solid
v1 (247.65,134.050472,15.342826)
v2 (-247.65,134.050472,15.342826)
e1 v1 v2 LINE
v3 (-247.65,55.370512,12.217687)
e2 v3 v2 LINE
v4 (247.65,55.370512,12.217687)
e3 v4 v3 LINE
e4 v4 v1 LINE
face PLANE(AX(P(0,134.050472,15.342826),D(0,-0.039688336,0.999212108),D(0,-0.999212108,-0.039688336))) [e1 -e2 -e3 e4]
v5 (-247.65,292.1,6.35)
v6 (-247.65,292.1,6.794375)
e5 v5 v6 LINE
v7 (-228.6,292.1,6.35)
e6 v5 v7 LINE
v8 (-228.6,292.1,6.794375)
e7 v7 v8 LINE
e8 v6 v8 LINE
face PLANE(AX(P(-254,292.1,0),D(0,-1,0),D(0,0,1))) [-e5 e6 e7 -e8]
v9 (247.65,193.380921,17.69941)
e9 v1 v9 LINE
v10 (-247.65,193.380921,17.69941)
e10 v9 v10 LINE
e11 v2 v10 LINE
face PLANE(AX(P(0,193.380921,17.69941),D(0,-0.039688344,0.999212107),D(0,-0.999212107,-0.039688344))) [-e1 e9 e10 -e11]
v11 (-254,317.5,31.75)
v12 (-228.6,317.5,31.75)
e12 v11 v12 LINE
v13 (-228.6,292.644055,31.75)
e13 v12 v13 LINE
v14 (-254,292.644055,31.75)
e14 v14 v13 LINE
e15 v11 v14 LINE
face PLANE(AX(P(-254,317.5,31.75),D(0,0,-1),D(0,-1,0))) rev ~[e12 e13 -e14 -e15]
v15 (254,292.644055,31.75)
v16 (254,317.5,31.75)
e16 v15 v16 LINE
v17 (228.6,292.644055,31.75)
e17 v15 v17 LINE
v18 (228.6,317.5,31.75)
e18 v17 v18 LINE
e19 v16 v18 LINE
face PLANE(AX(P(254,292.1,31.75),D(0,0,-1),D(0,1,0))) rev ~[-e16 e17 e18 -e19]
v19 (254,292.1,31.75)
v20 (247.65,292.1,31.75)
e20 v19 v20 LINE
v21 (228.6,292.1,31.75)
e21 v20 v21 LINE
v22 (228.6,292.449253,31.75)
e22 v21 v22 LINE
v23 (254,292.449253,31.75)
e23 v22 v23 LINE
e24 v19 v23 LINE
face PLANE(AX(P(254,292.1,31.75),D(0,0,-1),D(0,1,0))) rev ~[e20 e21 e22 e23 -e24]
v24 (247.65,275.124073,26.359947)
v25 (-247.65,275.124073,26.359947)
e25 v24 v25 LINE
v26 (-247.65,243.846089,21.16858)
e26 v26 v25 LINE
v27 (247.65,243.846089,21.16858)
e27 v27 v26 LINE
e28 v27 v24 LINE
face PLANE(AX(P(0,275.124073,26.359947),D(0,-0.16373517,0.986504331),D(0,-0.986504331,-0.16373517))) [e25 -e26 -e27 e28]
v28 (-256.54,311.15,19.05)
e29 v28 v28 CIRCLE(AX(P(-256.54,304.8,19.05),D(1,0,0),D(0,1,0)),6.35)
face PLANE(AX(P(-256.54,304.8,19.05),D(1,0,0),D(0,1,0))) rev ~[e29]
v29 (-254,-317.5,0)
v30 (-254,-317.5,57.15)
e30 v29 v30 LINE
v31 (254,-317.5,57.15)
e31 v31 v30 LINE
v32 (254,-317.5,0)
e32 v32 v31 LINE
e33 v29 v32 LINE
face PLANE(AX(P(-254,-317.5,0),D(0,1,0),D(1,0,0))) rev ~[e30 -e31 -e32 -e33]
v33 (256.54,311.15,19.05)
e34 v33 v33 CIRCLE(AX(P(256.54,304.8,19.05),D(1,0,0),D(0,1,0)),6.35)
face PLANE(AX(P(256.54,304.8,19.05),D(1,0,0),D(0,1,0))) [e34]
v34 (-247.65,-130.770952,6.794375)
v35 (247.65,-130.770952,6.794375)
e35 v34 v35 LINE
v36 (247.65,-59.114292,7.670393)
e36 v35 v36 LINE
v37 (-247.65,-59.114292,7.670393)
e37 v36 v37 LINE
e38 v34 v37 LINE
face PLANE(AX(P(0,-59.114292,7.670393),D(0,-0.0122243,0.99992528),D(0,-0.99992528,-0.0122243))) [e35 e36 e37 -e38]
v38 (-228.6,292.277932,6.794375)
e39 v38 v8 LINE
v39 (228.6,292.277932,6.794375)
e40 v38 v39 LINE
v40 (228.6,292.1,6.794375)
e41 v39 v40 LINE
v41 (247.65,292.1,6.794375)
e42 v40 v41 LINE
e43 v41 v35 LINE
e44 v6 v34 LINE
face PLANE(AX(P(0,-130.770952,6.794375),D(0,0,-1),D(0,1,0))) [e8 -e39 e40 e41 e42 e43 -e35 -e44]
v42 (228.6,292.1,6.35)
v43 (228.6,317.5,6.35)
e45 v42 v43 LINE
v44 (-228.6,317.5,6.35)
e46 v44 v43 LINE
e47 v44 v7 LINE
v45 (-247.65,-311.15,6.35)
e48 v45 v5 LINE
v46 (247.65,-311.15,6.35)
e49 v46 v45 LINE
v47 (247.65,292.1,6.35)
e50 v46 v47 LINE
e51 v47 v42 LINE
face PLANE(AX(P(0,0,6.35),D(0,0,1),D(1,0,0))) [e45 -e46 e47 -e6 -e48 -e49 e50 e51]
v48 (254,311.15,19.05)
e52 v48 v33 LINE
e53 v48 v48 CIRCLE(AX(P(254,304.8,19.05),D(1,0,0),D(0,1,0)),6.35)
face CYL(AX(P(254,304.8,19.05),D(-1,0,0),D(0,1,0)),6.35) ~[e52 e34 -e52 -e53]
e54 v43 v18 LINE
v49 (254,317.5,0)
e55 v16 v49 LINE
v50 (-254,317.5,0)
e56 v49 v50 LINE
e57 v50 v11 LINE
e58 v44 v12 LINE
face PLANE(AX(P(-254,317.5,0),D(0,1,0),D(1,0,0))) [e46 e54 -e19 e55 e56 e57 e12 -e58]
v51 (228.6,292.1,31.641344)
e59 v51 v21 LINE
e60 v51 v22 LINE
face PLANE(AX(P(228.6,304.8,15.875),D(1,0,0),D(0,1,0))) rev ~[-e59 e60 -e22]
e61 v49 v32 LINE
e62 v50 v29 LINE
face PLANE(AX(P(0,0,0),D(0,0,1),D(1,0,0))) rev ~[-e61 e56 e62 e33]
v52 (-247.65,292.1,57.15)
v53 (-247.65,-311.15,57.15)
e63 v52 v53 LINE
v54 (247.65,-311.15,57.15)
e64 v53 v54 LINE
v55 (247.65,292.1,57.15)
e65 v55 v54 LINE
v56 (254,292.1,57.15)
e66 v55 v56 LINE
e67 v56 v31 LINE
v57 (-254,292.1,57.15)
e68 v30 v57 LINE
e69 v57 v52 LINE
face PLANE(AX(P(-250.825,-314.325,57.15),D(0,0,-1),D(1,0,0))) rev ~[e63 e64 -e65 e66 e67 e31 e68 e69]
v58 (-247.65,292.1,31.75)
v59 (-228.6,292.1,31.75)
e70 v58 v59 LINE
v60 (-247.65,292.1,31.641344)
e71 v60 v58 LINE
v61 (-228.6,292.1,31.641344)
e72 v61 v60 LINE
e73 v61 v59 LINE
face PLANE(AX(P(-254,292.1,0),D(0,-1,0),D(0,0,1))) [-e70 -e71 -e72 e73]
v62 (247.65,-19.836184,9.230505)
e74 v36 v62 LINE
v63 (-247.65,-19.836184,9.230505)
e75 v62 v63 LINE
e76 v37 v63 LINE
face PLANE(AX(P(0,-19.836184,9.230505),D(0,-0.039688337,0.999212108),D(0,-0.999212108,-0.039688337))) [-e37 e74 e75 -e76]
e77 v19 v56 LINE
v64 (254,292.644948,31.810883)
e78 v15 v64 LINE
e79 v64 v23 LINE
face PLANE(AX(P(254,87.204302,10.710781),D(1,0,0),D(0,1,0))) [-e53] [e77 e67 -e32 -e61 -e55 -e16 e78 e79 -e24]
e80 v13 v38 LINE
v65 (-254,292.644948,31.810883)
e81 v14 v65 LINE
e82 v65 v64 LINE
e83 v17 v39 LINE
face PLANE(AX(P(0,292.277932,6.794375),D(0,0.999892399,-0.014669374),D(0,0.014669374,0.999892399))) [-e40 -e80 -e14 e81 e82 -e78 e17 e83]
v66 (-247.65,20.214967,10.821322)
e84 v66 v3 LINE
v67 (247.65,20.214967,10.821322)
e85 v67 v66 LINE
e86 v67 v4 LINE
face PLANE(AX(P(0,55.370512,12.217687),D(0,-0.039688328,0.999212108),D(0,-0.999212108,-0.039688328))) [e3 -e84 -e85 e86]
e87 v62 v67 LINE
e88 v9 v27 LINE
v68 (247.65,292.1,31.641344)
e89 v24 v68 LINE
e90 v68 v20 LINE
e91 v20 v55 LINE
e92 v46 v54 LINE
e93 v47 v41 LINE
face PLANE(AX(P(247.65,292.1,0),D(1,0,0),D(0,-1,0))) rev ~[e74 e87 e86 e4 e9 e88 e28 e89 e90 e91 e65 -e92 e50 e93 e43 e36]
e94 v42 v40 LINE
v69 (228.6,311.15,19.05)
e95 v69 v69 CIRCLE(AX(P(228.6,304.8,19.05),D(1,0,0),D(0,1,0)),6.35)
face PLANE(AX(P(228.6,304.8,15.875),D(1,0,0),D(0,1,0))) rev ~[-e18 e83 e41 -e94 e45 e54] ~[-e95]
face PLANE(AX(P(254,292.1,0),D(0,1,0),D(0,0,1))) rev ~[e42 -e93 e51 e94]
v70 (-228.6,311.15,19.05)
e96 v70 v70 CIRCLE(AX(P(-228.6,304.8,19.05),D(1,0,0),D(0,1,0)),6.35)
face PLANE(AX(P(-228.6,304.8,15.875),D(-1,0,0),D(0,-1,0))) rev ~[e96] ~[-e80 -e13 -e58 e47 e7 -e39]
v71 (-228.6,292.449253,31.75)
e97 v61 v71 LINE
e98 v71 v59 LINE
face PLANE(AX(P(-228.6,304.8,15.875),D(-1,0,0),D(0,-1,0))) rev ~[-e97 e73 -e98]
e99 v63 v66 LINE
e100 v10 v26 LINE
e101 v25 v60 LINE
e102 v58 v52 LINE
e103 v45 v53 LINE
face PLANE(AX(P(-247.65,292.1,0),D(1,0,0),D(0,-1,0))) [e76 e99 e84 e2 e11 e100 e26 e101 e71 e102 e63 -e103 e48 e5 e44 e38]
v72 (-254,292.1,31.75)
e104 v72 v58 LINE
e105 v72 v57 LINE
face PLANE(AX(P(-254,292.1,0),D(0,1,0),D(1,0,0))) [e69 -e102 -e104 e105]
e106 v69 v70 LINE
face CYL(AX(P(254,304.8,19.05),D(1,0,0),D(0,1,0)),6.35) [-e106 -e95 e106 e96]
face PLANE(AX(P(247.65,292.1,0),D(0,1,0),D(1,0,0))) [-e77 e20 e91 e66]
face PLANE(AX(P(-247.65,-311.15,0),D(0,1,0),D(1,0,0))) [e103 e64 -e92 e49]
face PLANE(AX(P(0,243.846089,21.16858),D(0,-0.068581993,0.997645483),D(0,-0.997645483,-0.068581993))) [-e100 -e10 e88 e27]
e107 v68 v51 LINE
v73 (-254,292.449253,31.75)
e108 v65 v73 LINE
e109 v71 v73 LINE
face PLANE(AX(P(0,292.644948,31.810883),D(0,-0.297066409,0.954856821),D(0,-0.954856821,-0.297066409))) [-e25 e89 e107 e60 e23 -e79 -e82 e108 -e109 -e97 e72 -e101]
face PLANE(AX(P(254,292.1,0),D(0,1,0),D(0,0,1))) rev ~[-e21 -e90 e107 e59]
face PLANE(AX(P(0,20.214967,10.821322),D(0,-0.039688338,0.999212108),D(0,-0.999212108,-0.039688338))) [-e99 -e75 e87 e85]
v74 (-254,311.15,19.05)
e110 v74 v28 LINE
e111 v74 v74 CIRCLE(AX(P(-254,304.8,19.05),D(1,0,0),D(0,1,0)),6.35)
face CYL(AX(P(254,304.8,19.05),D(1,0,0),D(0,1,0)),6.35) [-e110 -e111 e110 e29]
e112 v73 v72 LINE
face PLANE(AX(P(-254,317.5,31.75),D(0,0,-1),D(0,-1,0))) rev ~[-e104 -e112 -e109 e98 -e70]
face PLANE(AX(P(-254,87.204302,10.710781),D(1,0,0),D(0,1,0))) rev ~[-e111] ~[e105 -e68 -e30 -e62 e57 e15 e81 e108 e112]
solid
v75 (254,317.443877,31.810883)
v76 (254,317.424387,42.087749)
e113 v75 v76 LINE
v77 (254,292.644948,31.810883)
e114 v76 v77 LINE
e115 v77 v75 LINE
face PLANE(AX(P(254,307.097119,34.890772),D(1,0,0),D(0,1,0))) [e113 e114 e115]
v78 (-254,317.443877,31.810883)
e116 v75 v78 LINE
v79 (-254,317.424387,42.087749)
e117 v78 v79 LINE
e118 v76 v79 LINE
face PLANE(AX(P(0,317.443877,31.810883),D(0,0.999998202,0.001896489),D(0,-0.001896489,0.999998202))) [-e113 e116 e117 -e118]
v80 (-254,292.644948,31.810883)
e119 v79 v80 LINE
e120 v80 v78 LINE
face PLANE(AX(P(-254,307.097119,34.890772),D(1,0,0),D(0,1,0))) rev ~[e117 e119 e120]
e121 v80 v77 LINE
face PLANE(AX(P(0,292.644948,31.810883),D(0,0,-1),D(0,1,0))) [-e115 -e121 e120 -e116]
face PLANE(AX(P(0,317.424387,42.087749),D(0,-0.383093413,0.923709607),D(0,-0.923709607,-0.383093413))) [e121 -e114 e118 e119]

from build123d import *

# Parameters (mm, degrees)
F0_W          = 508
F0_H          = 635
F1_DEPTH      = 6.35
F2_W          = 25.4
F2_H          = 31.75
F3_DEPTH      = 25.4
F4_W          = 25.4
F4_H          = 31.75
F5_DEPTH      = 25.4
F6_R          = 6.35
F7_DEPTH      = 2.54
F7_DEPTH_BACK = 510.54
F9_DEPTH      = 254
F9_DEPTH_BACK = 254
F10_W         = 6.35
F10_H         = 6.35
F10_W_2       = 495.3
F10_H_2       = 603.25
F11_DEPTH     = 57.15


with BuildPart() as f1:
    # F0 (on Top) → F1 (new body)
    with BuildSketch(Plane.XY):
        Rectangle(F0_W, F0_H)
    extrude(amount=F1_DEPTH)

    # F2 (on face) → F3 (join)
    with BuildSketch(Plane.YZ.offset(254)):
        with Locations((304.8, 15.875)):
            Rectangle(F2_W, F2_H)
    extrude(amount=-F3_DEPTH)

    # F4 (on face) → F5 (join)
    with BuildSketch(Plane(origin=(-254, 0, 0), x_dir=(0, -1, 0), z_dir=(-1, 0, 0))):
        with Locations((-304.8, 15.875)):
            Rectangle(F4_W, F4_H)
    extrude(amount=-F5_DEPTH)

    # F6 (on face) → F7 (join, two sides)
    with BuildSketch(Plane.YZ.offset(254)) as f7_sk:
        with Locations((304.8, 19.05)):
            Circle(F6_R)
    extrude(amount=F7_DEPTH)
    extrude(f7_sk.sketch, amount=-F7_DEPTH_BACK)

    # F8 (on Right) → F9 (join, two sides)
    with BuildSketch(Plane.YZ) as f9_sk:
        Polygon((-59.114292, 7.670393), (-130.770952, 6.794375), (292.277932, 6.794375), (292.644948, 31.810883), (275.124073, 26.359947), (243.846089, 21.16858), (193.380921, 17.69941), (134.050472, 15.342826), (55.370512, 12.217687), (20.214967, 10.821322), (-19.836184, 9.230505), align=None)
        Polygon((317.424387, 42.087749), (292.644948, 31.810883), (317.443877, 31.810883), align=None)
    extrude(amount=F9_DEPTH)
    extrude(f9_sk.sketch, amount=-F9_DEPTH_BACK)

    # F10 (on face) → F11 (join)
    with BuildSketch(Plane(origin=(0, 0, 0), x_dir=(1, 0, 0), z_dir=(0, 0, -1))):
        with Locations((-250.825, 314.325)):
            Rectangle(F10_W, F10_H)
        with Locations((0, 314.325)):
            Rectangle(F10_W_2, F10_H)
        with Locations((-250.825, 9.525)):
            Rectangle(F10_W, F10_H_2)
        with Locations((250.825, 314.325)):
            Rectangle(F10_W, F10_H)
        with Locations((250.825, 9.525)):
            Rectangle(F10_W, F10_H_2)
    extrude(amount=-F11_DEPTH)


solid = f1.part
